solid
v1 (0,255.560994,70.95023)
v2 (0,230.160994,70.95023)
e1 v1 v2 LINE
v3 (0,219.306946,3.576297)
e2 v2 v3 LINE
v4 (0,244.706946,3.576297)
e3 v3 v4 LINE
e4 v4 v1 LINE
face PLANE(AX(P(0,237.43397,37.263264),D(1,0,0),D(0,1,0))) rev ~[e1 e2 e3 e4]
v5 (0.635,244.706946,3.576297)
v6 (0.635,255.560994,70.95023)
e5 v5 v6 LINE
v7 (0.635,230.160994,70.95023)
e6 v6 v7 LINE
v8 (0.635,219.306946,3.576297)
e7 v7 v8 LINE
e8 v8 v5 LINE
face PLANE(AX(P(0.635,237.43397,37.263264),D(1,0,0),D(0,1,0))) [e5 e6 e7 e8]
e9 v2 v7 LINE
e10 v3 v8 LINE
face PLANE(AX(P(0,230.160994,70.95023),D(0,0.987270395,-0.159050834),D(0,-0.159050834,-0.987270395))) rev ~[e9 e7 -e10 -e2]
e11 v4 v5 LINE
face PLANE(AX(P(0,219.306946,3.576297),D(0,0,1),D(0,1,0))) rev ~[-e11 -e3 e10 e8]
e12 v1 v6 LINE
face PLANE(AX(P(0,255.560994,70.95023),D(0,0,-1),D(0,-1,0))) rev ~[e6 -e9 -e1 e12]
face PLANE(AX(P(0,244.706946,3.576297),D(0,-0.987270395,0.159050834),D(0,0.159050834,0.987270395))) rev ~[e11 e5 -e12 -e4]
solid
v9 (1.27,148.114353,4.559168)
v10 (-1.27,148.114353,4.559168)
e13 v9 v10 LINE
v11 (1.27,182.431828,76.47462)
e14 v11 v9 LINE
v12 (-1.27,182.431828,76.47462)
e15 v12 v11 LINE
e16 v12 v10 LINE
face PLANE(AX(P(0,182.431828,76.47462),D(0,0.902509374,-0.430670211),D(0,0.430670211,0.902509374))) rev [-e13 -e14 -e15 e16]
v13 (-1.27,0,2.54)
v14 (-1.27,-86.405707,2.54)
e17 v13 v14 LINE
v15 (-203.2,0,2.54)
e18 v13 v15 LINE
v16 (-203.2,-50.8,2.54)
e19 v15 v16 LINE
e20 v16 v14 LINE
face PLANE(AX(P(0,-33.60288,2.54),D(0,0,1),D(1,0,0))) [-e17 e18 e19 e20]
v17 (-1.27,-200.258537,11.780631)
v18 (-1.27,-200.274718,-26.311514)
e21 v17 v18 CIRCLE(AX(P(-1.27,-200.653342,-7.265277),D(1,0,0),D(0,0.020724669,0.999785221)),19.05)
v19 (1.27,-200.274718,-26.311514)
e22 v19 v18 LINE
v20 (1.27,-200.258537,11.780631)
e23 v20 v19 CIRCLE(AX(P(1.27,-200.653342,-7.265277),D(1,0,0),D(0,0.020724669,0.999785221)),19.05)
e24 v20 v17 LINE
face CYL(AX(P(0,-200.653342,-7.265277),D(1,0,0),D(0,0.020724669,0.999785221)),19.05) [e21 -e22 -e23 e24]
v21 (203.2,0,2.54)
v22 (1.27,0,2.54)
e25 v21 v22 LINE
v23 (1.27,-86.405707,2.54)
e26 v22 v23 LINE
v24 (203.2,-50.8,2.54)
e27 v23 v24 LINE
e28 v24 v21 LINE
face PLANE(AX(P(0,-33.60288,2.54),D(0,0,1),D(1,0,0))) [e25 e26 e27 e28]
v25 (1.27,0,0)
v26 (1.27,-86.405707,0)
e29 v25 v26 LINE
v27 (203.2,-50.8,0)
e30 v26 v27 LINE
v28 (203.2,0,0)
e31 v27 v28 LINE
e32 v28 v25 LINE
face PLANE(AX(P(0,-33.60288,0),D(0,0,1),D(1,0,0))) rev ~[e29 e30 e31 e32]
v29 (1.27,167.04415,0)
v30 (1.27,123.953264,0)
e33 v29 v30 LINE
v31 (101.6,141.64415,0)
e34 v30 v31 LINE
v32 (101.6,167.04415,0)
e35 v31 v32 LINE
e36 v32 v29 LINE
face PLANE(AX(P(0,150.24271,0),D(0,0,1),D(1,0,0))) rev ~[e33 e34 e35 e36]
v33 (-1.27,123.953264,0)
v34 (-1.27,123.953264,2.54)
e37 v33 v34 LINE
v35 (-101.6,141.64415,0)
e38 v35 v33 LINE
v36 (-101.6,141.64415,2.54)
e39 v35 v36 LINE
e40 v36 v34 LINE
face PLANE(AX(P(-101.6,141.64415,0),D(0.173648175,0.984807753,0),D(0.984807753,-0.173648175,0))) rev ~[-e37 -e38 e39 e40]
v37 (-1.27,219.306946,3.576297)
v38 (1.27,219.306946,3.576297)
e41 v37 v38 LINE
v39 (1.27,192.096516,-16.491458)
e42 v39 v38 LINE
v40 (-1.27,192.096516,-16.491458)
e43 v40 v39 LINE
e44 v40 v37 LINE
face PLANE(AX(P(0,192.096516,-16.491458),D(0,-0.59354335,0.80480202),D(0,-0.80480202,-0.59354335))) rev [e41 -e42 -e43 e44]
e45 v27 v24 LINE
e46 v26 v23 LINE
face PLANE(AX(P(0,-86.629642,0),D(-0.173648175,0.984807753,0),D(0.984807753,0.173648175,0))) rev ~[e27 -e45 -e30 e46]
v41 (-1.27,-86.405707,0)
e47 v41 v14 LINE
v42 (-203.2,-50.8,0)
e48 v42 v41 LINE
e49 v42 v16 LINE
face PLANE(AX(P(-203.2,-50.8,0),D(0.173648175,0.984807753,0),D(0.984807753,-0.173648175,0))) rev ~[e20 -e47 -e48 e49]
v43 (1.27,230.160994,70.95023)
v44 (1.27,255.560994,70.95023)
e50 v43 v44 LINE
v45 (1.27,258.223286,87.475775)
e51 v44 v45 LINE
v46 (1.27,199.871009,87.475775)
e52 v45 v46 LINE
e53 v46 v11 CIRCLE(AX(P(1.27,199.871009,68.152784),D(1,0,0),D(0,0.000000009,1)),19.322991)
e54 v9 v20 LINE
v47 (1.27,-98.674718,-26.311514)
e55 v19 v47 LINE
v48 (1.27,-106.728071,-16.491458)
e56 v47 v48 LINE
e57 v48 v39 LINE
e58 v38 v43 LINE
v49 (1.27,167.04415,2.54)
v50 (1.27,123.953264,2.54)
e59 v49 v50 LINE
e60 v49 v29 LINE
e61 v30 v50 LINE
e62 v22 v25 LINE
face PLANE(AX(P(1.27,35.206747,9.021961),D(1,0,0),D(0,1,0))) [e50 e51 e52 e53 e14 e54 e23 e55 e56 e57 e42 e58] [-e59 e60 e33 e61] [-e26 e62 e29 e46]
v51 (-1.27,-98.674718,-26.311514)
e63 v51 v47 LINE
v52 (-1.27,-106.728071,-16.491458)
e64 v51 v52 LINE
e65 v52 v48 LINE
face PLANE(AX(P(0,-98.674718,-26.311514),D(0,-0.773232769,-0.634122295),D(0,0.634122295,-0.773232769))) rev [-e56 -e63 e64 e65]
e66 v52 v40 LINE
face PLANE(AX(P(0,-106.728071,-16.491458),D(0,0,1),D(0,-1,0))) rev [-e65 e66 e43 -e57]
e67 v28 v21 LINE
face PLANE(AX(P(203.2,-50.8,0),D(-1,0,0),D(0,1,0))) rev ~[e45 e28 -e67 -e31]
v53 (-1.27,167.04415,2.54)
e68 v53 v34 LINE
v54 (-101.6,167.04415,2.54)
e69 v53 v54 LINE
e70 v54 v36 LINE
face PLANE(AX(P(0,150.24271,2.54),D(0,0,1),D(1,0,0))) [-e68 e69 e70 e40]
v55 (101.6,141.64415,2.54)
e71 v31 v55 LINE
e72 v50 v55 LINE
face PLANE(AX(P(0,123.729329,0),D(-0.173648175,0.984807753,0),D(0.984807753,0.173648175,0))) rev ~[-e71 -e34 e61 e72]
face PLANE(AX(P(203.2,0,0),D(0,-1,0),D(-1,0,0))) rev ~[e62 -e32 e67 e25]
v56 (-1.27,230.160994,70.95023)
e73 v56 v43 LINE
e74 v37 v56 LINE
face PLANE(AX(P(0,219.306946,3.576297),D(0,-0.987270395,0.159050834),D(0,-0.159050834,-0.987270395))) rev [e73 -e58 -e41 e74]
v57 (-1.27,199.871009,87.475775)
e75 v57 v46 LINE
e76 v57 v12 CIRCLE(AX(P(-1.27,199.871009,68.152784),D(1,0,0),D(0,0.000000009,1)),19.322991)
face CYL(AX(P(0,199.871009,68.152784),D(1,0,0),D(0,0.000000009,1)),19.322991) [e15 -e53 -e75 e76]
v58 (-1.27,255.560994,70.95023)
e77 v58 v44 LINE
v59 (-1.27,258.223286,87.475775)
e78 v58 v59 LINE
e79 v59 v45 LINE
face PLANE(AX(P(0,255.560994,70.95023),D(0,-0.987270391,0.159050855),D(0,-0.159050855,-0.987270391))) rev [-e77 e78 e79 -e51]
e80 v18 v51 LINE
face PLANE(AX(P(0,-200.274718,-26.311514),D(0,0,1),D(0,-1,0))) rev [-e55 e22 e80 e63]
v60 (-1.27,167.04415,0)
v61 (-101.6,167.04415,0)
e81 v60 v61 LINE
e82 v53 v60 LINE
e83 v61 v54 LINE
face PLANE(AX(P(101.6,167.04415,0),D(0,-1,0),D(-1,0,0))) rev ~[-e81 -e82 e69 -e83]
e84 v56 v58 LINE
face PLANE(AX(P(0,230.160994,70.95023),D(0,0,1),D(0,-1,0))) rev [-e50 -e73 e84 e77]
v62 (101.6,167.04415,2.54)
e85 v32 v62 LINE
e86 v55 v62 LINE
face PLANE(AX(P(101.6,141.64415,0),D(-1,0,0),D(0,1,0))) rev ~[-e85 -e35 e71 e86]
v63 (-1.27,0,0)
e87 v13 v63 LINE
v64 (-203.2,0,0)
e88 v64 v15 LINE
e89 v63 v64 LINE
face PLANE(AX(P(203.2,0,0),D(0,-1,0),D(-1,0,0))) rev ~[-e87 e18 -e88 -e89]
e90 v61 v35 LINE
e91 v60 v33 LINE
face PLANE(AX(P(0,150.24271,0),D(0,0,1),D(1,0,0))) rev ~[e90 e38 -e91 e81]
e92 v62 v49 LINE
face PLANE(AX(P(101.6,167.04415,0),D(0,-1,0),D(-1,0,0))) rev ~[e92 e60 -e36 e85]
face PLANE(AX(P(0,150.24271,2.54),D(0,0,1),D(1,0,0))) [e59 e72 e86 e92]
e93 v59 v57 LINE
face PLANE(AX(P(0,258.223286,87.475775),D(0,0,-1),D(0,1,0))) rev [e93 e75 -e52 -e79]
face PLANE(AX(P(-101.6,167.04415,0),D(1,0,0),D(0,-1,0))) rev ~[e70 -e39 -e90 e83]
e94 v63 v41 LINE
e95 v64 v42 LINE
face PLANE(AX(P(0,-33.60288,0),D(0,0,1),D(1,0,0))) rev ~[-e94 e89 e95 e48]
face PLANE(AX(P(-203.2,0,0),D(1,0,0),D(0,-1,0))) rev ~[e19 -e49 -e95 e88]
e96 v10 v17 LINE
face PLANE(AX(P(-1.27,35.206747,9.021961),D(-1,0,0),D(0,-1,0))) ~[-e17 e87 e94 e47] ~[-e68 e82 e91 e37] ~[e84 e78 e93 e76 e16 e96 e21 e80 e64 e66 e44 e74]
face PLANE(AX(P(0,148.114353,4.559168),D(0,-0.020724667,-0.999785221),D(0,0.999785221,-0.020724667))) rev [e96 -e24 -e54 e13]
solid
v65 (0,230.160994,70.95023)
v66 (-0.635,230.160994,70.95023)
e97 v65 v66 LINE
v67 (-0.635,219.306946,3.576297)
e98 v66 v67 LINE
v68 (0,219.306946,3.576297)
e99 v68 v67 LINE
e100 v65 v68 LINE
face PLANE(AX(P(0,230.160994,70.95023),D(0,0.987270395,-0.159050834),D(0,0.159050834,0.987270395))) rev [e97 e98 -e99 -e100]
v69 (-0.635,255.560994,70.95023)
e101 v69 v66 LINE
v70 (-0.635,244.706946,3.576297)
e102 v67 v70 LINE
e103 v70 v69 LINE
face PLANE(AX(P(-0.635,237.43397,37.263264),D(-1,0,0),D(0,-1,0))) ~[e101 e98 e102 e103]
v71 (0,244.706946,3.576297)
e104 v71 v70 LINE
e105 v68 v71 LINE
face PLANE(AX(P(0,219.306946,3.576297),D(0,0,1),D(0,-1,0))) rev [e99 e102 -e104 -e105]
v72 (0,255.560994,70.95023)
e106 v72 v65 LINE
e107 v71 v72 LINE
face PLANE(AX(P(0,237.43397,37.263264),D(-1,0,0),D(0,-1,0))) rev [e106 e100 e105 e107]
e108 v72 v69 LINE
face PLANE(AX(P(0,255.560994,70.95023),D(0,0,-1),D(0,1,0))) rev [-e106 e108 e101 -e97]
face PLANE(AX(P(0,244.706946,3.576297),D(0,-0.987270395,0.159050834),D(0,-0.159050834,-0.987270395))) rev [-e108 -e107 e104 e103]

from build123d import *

# Parameters (mm, degrees)
F1_DEPTH = 1.27
F3_DEPTH = 0.635
F6_DEPTH = 2.54
F8_DEPTH = 2.54


with BuildPart() as f1:
    # F0 (on Right) → F1 (new body)
    with BuildSketch(Plane.YZ):
        with BuildLine():
            ThreePointArc((-200.258537, 11.780631), (-187.044089, 6.064791), (-181.603342, -7.265277))
            ThreePointArc((-181.603342, -7.265277), (-187.049753, -20.601126), (-200.274718, -26.311514))
            Line((-200.274718, -26.311514), (-98.674718, -26.311514))
            Line((-98.674718, -26.311514), (-106.728071, -16.491458))
            Line((-106.728071, -16.491458), (192.096516, -16.491458))
            Line((192.096516, -16.491458), (219.306946, 3.576297))
            Line((219.306946, 3.576297), (230.160994, 70.95023))
            Line((230.160994, 70.95023), (255.560994, 70.95023))
            Line((255.560994, 70.95023), (258.223286, 87.475775))
            Line((258.223286, 87.475775), (199.871009, 87.475775))
            ThreePointArc((199.871009, 87.475775), (189.561421, 84.495684), (182.431828, 76.47462))
            Line((182.431828, 76.47462), (148.114353, 4.559168))
            Line((148.114353, 4.559168), (-200.258537, 11.780631))
        make_face()
        with BuildLine():
            ThreePointArc((-200.274718, -26.311514), (-187.049753, -20.601126), (-181.603342, -7.265277))
            ThreePointArc((-181.603342, -7.265277), (-187.044089, 6.064791), (-200.258537, 11.780631))
            ThreePointArc((-200.258537, 11.780631), (-219.70334, -7.257185), (-200.274718, -26.311514))
        make_face()
    extrude(amount=F1_DEPTH)

    # F2: F1 across plane


with BuildPart() as f1_1:
    add(f1.part)
    add(f1.part.mirror(Plane.YZ))

    # F5 (on Top) → F6 (join)
    with BuildSketch(Plane.XY):
        Polygon((203.2, 0), (0, 0), (-203.2, 0), (-203.2, -50.8), (0, -86.629642), (203.2, -50.8), align=None)
    extrude(amount=F6_DEPTH)

    # F7 (on Top) → F8 (join)
    with BuildSketch(Plane.XY):
        Polygon((101.6, 167.04415), (0, 167.04415), (-101.6, 167.04415), (-101.6, 141.64415), (0, 123.729329), (101.6, 141.64415), align=None)
    extrude(amount=F8_DEPTH)


with BuildPart() as f3:
    # F0 (on Right) → F3 (new body)
    with BuildSketch(Plane.YZ):
        Polygon((230.160994, 70.95023), (219.306946, 3.576297), (244.706946, 3.576297), (255.560994, 70.95023), align=None)
    extrude(amount=F3_DEPTH)


with BuildPart() as f4_1:
    # F4: instance of F3
    add(f3.part.mirror(Plane.YZ))


solid = Compound([f1_1.part, f3.part, f4_1.part])
